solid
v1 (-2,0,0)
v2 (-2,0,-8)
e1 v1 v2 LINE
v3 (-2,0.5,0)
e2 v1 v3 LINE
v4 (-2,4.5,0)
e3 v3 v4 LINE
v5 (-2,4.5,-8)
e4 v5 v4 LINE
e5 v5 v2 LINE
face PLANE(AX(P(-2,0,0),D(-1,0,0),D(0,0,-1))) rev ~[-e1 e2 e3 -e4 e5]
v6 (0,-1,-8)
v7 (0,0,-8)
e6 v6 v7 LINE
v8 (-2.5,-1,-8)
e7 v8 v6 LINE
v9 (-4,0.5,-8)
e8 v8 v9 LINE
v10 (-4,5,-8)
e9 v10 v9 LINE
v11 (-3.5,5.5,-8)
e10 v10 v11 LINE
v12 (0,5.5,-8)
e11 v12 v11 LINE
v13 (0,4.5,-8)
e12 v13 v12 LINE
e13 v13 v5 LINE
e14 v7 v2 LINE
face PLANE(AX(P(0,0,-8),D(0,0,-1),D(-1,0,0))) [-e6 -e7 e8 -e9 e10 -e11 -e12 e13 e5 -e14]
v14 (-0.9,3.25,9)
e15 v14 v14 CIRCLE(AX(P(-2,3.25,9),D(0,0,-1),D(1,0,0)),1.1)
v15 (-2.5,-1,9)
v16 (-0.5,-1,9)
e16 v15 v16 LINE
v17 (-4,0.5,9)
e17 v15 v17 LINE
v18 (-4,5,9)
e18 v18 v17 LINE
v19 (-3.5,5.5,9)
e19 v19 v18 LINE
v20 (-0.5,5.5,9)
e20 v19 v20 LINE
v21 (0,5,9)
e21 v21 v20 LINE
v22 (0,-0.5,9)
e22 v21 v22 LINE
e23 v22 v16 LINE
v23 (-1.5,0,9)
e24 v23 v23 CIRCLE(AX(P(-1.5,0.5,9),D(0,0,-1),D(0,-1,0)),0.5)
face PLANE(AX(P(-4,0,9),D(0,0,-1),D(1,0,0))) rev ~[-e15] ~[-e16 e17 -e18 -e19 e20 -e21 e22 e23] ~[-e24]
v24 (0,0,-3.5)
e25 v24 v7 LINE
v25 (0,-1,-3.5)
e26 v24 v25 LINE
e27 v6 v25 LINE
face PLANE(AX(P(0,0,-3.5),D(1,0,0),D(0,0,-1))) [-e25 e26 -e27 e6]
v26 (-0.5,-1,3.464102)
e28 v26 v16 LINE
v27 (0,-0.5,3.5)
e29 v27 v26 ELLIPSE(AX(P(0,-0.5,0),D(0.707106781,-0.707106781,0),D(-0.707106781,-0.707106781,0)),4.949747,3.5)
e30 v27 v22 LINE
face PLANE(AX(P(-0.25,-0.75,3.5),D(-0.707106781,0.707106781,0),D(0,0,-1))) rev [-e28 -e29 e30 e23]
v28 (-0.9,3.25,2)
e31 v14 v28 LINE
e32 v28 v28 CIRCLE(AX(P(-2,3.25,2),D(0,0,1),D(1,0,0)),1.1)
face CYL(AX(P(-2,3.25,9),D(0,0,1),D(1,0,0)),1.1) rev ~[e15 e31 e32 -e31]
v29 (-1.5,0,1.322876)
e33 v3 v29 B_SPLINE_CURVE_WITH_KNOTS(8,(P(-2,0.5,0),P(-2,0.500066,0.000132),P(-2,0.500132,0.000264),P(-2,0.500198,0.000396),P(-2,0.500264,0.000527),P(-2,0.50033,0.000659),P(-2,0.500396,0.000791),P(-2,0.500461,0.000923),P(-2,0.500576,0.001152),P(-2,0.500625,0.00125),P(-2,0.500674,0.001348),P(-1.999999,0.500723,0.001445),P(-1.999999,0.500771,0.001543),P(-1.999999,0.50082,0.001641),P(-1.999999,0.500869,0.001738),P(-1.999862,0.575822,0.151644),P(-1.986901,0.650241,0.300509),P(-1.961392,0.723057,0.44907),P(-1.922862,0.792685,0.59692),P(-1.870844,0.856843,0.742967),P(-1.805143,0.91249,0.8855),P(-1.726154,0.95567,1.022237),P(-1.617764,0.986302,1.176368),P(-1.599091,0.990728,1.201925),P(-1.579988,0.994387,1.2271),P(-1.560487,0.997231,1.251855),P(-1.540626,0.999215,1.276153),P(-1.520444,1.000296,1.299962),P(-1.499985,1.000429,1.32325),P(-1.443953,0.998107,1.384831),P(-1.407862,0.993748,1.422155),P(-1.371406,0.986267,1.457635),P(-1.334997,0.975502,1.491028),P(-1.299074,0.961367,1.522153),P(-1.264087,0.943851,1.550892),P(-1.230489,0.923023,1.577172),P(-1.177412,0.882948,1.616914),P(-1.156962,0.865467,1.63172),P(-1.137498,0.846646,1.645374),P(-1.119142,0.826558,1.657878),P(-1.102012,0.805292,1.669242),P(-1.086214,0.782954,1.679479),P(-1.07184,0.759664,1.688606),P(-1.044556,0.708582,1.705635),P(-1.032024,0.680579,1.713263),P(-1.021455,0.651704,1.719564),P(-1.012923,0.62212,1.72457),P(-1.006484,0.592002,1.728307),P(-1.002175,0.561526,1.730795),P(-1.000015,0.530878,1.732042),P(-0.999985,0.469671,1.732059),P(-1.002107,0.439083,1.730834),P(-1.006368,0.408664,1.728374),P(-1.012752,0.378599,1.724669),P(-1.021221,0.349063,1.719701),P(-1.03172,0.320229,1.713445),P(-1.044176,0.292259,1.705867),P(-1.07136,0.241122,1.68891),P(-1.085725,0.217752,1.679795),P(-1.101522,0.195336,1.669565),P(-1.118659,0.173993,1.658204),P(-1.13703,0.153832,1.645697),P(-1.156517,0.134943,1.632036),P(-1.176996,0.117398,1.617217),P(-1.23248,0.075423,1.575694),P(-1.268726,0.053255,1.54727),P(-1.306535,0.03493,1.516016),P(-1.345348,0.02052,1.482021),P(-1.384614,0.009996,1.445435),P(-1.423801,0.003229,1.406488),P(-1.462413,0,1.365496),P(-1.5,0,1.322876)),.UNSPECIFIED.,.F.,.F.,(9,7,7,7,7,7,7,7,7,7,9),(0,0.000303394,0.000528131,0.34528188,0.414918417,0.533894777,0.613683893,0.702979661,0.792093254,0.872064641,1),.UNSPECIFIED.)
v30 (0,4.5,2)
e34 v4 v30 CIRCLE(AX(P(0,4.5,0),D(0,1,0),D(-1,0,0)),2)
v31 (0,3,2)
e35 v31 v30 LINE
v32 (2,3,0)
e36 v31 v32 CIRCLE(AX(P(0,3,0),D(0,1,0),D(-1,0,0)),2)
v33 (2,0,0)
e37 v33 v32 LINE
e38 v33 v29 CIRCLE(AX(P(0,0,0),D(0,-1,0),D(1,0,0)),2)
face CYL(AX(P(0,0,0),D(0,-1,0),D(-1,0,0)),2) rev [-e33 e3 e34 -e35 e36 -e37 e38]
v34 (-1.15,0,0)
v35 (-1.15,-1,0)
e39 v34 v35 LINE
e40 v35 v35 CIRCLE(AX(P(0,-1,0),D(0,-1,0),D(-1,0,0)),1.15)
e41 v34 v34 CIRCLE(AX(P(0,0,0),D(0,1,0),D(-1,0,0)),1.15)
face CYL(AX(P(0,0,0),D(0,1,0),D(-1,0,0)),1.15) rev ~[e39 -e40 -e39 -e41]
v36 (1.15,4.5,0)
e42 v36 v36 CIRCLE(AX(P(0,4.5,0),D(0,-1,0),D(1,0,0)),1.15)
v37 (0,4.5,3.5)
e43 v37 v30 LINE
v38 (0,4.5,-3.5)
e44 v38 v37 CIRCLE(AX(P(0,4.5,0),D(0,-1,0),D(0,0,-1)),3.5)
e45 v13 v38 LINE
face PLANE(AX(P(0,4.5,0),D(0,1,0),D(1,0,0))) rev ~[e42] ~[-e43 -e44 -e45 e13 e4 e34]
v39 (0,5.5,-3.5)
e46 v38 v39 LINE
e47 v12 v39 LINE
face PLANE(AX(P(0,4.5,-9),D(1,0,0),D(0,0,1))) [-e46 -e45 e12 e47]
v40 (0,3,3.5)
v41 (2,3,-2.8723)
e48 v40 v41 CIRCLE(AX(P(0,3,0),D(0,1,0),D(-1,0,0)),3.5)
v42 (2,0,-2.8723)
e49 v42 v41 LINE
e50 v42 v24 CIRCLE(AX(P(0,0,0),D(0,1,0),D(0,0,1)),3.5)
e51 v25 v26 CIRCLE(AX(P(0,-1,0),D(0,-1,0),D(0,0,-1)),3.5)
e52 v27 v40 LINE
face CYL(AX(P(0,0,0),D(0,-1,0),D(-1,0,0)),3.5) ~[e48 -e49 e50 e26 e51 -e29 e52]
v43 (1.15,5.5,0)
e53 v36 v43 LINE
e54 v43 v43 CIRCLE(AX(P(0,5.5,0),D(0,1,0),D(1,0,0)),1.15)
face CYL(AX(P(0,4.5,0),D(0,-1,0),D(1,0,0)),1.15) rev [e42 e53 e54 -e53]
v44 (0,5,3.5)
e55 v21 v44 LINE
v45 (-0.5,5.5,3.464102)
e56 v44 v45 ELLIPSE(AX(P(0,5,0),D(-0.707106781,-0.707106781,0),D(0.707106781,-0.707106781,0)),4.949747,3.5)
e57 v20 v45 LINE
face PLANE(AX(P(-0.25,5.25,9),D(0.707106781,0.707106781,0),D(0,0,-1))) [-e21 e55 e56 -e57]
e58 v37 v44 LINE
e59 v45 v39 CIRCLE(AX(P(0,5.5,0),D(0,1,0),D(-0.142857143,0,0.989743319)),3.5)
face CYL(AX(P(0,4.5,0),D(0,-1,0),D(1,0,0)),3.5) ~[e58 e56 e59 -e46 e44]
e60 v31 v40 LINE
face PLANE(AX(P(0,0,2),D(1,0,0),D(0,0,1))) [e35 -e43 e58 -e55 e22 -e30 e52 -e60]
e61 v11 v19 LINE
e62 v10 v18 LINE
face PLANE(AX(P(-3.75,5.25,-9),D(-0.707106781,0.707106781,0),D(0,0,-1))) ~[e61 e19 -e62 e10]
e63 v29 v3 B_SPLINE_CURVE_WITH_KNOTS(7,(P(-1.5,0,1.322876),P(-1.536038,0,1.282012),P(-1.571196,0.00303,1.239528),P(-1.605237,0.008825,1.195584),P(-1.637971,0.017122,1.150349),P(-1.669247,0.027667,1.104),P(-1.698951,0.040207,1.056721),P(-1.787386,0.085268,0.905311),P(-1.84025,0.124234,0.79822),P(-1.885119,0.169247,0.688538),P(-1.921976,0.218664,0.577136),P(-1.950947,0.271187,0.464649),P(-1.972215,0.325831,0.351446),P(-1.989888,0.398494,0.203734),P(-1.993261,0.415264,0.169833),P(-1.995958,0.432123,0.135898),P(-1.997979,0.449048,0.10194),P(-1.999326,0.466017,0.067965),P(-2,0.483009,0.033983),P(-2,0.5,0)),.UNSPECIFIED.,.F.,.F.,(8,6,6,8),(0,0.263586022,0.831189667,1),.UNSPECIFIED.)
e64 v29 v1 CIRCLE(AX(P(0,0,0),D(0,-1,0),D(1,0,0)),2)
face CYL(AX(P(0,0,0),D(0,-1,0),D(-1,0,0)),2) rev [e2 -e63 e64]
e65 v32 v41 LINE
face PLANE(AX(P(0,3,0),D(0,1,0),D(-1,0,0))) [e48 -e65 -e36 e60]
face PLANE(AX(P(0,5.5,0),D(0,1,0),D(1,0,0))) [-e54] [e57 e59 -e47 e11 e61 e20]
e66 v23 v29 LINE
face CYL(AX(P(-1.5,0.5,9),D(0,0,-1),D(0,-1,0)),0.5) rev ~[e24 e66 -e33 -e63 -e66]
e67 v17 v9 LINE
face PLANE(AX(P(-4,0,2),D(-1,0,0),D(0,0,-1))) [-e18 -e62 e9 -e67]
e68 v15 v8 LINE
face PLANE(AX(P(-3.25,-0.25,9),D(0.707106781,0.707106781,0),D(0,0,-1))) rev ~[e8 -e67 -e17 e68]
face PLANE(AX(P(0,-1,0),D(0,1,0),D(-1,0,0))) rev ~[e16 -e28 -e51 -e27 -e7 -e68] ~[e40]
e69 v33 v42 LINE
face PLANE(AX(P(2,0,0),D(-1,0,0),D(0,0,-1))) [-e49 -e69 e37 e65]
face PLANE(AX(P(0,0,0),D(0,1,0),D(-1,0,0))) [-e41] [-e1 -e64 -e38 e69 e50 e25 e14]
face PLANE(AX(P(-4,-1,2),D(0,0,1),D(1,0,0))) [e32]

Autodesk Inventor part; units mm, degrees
ref_plane "YZ Plane" through (0, 0, 0) normal (1, 0, 0) x (0, 1, 0)
ref_plane "XZ Plane" through (0, 0, 0) normal (0, 1, 0) x (-1, 0, 0)
ref_plane "XY Plane" through (0, 0, 0) normal (0, 0, 1) x (1, 0, 0)
sketch "スケッチ1" plane through (0, 0, 0) normal (0, 1, 0) x (-1, 0, 0)
  circle A0 centre (0, 0) radius 1.15
  circle A1 centre (0, 0) radius 2
  circle A2 centre (0, 0) radius 3.5
  line L0 (0, 0) -> (0, 3.5)
  line L1 (2, 0) -> (-2, 0)
  line L2 (2, 0) -> (2, -2.8723)
  line L3 (-2, 0) -> (-2, -2.8723)
  line L4 (0, 2) -> (3.5, 2)
  line L5 (3.5, 2) -> (3.5, 6)
  line L6 (3.5, 6) -> (0, 6)
  line L7 (0, 6) -> (0, 2)
  line L8 (0, 6) -> (3.5, 6)
  line L9 (3.5, 6) -> (3.5, 0)
  line L10 (3.5, 0) -> (0, 0)
  line L11 (0, 0) -> (0, 6)
  line L12 (0, 0) -> (0, -8)
  line L13 (0, 0) -> (3.5, 0)
  line L14 (3.5, 0) -> (3.5, -8)
  line L15 (3.5, -8) -> (0, -8)
  line L16 (0, -8) -> (0, 0)
  line L17 (2, -2.8723) -> (2, -8)
  line L18 (0, -8) -> (3.5, -4.5)
  line L19 (0, -8) -> (4.9497, -8) construction
  line L20 (0, 0) -> (3.5, 0)
  line L21 (3.5, 0) -> (3.5, -9)
  line L22 (3.5, -9) -> (0, -9)
  line L23 (0, -9) -> (0, 0)
  line L24 (0, 2) -> (4, 2)
  line L25 (4, 2) -> (4, 9)
  line L26 (4, 9) -> (0, 9)
  line L27 (0, 9) -> (0, 2)
  line L28 (0, 9) -> (4, 9)
  line L29 (4, 9) -> (4, -9)
  line L30 (4, -9) -> (0, -9)
  line L31 (0, -9) -> (0, 9)
  line L32 (0, 0) -> (2, 0)
  line L33 (2, 0) -> (2, -9)
  line L34 (2, -9) -> (0, -9)
  line L35 (0, -9) -> (0, 0)
  point P0 (2, -6)
  point P1 (0, -3.5)
  dimension "d0" = 2.3
  dimension "d1" = 4
  dimension "d2" = 7
  dimension "d3" = 3.5
  dimension "d4" = 4
  dimension "d5" = 8
  dimension "d6" = 45
  dimension "d40" = 9
  dimension "d41" = 4
  dimension "d42" = 7
extrude "押し出し1" add sketch "スケッチ1" along normal blind 3 contours A1 L3 A2 L0
extrude "押し出し2" add sketch "スケッチ1" along normal blind 4.5 contours L10 A2 L2 | A1 L4 A2 L10 | L0 A2 L4 | A2 L14 L18 L17 | A2 L4 L9 | L9 L24 L29 L30 L21 L14 | L7 L6 L5 L4 A2 | L18 L14 L15 L17 | L5 L6 L27 L26 L25 L24 | L15 L21 L22 L33
extrude "押し出し3" add sketch "スケッチ1" against normal blind 1 contours L1 A1 L12 A0 | A0 L0 A1 L1 | A0 L1 A1 L0 | L12 A1 L1 A0 | L2 A2 L12 A1 | L10 A2 L2 | A1 L4 A2 L10 | A1 L3 A2 L0 | L0 A2 L4 | L12 A2 L3 A1 | L17 L18 L12 A2 | A2 L14 L18 L17 | A2 L4 L9 | L9 L24 L29 L30 L21 L14 | L7 L6 L5 L4 A2 | L18 L14 L15 L17 | L17 L15 L18 | L5 L6 L27 L26 L25 L24 | L15 L33 L22 L23 | L15 L21 L22 L33
sketch "スケッチ4" plane through (0, 4.5, 0) normal (0, 1, 0) x (1, 0, 0)
  circle A0 centre (0, 0) radius 1.15
  circle A1 centre (0, 0) radius 2
  circle A2 centre (0, 0) radius 3.5
  line L0 (-4, 9) -> (-4, -9) projected
  line L1 (0, 0) -> (-4, 0)
  line L2 (-4, 0) -> (-4, -9)
  line L3 (-4, -9) -> (0, -9)
  line L4 (0, -9) -> (0, 0)
  line L5 (0, 0) -> (-4, 0)
  line L6 (-4, 0) -> (-4, 9)
  line L7 (-4, 9) -> (0, 9)
  line L8 (0, 9) -> (0, 0)
  point P0 (0, -3.5)
  point P1 (0, 3.5)
  dimension "d43" = 2.3
  dimension "d44" = 4
  dimension "d45" = 7
  dimension "d46" = 4
  dimension "d47" = 9
extrude "押し出し6" add sketch "スケッチ4" along normal blind 1 contours A0 L8 A1 L4 | A0 L1 A1 L8 | L4 A1 L1 A0 | L8 A2 L4 A1 | A1 L1 A2 L8 | L4 A2 L1 A1 | A2 L1 L0 L7 L8 | L4 L3 L0 L1 A2
sketch "スケッチ5" plane through (-4, -1, 9) normal (0, 0, 1) x (1, 0, 0)
  line L0 (4, 0) -> (4, 4) projected
  line L1 (4, 0) -> (0, 0)
  line L2 (0, 0) -> (0, 1)
  line L3 (0, 1) -> (4, 1)
  line L4 (4, 1) -> (4, 0)
  line L5 (4, 1) -> (2.5, 1)
  line L6 (2.5, 1) -> (2.5, 1.5)
  line L7 (2.5, 1.5) -> (4, 1.5)
  line L8 (4, 1.5) -> (4, 1)
  line L9 (4, 6.5) -> (0, 6.5) projected
  line L10 (0, 6.5) -> (2, 6.5)
  line L11 (2, 6.5) -> (2, 4.25)
  line L12 (2, 4.25) -> (0, 4.25)
  line L13 (0, 4.25) -> (0, 6.5)
  circle A0 centre (2, 4.25) radius 1.1
  dimension "d50" = 4
  dimension "d51" = 1
  dimension "d52" = 1.5
  dimension "d53" = 0.5
  dimension "d54" = 2
  dimension "d55" = 2.25
  dimension "d56" = 2.2
extrude "押し出し7" cut sketch "スケッチ5" against normal blind 7 contours A0 L12 L11 | L11 L12 A0
hole "穴2" at (-1.5, 0.5, 9) direction (0, 0, -1) diameter 1 end through all
chamfer "面取り1" distance 0.5 angle 45 3 edges at (0, -1, 6.25) (0, 5.5, 6.25) (-4, 5.5, 0)
chamfer "面取り2" distance 1.5 angle 45 1 edges at (-4, -1, 0)
sketch "スケッチ6" plane through (0, 0, -9) normal (0, 0, -1) x (-1, 0, 0)
  line L0 (0, 5.5) -> (4, 5.5)
  line L1 (4, 5.5) -> (4, -1)
  line L2 (4, -1) -> (0, -1)
  line L3 (0, -1) -> (0, 5.5)
  point P0 (0, 0)
  dimension "d72" = 4
  dimension "d73" = 6.5
extrude "押し出し8" cut sketch "スケッチ6" against normal blind 1
properties part number "rod6.2"
